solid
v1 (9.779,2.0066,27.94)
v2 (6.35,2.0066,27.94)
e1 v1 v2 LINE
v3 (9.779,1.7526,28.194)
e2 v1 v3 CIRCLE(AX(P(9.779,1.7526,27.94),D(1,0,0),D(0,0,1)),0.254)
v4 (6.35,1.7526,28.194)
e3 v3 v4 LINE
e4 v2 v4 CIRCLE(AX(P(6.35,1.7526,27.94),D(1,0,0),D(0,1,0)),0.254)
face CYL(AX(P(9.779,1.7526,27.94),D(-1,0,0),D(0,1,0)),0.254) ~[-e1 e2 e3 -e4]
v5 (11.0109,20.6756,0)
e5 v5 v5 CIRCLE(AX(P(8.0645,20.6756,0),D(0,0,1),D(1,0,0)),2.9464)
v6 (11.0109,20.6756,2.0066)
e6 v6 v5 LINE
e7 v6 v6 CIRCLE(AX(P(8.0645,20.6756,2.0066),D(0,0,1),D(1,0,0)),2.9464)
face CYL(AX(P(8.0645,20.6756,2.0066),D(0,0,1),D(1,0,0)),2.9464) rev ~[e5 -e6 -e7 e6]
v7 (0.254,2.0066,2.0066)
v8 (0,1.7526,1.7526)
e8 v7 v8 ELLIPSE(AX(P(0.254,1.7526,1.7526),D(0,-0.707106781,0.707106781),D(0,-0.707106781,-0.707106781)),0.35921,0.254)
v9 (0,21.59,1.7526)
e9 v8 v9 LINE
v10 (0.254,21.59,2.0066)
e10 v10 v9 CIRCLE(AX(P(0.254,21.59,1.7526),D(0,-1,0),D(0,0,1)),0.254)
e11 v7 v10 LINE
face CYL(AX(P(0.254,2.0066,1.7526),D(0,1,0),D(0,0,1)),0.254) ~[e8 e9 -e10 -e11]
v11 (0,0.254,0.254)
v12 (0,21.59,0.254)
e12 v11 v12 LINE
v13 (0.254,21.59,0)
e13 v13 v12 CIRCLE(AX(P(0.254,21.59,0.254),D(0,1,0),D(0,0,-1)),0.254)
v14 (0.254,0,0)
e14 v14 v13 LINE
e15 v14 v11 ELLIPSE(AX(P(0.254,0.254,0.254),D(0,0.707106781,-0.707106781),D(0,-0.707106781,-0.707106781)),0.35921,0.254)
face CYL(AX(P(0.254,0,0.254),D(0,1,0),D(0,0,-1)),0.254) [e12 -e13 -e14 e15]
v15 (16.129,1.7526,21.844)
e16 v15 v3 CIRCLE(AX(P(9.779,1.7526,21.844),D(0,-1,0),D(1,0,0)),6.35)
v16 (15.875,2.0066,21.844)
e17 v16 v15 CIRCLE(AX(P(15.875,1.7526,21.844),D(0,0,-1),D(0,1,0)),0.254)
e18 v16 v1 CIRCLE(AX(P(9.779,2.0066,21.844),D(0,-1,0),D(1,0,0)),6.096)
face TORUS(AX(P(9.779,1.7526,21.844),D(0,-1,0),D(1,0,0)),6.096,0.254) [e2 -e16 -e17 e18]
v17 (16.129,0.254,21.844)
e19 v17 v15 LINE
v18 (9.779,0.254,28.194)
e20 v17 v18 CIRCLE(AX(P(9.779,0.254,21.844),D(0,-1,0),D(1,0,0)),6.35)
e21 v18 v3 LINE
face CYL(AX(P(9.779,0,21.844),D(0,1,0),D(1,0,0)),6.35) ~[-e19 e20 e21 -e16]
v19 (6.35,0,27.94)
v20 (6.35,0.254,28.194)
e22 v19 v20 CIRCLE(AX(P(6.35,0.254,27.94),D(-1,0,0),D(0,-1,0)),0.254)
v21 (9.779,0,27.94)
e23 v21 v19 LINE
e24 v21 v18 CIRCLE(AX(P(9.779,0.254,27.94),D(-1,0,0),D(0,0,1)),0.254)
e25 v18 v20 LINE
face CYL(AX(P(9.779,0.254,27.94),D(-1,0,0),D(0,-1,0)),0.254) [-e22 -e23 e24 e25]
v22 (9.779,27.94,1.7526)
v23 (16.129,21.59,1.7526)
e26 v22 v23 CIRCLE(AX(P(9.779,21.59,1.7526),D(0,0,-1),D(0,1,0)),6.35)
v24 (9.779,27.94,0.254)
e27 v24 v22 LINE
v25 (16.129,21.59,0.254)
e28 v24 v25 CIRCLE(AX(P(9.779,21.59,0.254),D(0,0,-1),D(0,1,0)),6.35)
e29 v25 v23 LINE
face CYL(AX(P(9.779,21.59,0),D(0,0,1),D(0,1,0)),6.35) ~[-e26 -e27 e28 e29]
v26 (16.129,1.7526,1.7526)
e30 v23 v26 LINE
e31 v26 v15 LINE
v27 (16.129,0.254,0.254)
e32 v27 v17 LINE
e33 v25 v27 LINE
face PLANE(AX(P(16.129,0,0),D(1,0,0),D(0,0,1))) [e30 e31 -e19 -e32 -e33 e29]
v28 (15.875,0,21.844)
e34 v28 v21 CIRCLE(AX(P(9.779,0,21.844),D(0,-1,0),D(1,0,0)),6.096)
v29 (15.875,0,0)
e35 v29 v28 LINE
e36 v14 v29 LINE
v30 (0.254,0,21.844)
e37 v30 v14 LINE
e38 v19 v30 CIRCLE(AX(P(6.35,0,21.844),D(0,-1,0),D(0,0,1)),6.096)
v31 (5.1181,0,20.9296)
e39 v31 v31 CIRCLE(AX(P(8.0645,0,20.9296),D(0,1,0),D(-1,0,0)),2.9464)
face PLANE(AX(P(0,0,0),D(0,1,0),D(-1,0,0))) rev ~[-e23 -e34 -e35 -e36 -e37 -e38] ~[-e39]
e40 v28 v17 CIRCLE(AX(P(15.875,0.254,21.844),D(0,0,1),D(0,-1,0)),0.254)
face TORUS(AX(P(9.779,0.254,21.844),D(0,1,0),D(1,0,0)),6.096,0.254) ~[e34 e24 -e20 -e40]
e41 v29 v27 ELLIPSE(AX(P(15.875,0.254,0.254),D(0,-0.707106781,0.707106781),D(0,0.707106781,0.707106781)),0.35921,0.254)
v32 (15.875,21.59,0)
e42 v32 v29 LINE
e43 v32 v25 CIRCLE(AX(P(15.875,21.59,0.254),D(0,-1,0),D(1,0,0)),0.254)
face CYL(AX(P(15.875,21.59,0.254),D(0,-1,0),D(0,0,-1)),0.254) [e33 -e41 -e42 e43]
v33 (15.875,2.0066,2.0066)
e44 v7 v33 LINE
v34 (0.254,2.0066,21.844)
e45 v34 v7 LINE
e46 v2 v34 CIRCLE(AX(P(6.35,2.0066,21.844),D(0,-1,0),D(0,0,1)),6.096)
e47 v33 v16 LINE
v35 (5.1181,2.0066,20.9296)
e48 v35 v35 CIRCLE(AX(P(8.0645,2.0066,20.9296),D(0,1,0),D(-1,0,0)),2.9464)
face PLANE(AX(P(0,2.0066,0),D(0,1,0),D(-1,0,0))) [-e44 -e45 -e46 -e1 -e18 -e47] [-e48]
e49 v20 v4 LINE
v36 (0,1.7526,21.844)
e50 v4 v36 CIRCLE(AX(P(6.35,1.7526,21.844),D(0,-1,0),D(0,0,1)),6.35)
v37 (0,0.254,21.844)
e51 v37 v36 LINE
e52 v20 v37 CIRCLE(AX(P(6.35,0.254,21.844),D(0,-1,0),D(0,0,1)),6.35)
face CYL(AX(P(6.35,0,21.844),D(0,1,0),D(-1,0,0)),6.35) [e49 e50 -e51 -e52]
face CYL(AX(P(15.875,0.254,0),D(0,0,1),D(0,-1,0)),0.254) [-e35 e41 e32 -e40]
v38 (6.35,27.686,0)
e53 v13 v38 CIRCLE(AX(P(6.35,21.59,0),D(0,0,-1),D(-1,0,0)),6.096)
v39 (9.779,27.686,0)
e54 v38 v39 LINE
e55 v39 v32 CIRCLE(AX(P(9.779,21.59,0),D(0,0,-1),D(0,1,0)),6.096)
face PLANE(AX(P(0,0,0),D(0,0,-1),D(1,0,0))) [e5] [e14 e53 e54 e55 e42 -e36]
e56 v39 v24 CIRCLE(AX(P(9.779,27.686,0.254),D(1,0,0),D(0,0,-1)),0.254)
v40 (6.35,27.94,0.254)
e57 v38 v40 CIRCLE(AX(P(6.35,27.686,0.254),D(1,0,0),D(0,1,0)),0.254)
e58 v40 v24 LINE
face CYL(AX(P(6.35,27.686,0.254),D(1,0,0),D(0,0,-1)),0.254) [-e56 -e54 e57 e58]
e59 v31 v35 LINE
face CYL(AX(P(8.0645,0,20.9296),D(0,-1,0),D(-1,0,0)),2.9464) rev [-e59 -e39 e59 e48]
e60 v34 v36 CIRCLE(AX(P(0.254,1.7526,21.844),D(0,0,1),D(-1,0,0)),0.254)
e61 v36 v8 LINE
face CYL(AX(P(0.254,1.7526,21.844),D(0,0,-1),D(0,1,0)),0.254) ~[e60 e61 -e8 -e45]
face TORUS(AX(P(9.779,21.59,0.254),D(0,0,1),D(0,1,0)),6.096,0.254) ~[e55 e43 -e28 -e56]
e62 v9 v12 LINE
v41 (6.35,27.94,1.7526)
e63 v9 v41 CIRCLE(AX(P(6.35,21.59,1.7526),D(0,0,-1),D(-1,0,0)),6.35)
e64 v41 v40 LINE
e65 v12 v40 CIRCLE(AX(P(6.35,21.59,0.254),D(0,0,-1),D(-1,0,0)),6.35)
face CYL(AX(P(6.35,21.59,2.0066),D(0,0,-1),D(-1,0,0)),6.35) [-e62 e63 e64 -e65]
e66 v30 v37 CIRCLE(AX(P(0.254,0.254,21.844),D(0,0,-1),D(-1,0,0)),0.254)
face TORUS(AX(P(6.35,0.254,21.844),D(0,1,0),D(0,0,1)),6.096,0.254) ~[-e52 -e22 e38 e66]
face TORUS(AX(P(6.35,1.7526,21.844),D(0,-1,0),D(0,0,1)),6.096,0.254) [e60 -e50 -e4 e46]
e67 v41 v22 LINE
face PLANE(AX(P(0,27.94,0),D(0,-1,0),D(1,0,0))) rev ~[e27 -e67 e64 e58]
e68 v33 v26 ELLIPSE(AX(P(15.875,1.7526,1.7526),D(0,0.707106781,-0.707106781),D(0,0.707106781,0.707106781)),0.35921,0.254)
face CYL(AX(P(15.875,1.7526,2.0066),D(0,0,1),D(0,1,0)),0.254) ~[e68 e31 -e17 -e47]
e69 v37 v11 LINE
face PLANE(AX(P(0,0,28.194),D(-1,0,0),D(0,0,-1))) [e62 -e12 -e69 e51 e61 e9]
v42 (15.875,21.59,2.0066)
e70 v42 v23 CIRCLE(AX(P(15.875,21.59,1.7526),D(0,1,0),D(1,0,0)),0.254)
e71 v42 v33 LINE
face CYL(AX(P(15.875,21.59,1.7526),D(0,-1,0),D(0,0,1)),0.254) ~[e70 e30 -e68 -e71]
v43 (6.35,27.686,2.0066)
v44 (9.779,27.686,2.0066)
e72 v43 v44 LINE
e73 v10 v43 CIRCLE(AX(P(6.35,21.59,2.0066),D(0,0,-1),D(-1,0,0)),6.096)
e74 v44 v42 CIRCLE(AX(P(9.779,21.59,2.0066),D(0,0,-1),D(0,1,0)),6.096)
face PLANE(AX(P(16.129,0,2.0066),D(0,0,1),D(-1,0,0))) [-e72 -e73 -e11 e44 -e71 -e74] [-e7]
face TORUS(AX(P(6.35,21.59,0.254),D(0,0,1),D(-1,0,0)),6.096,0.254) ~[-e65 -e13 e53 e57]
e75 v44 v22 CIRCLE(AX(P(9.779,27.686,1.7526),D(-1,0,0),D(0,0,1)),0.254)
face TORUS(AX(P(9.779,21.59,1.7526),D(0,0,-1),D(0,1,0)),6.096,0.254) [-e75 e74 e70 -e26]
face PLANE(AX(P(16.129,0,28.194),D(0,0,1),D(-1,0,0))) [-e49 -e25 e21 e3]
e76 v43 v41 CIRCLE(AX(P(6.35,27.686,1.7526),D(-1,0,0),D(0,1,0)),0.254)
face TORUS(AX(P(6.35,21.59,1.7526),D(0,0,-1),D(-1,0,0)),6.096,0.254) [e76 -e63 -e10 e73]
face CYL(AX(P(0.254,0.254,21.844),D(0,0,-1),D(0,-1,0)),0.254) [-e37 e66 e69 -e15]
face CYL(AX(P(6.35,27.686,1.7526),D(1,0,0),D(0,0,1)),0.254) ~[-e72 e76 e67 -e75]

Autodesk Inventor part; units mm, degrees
ref_plane "YZ Plane" through (0, 0, 0) normal (1, 0, 0) x (0, 1, 0)
ref_plane "XZ Plane" through (0, 0, 0) normal (0, 1, 0) x (-1, 0, 0)
ref_plane "XY Plane" through (0, 0, 0) normal (0, 0, 1) x (1, 0, 0)
sketch "Sketch1" plane through (0, 0, 0) normal (0, 1, 0) x (-1, 0, 0)
  point P0 (0, 0)
sketch "Sketch2" plane through (0, 0, 0) normal (0, 1, 0) x (-1, 0, 0)
  line L0 (0, 0) -> (-16.129, 0)
  line L1 (-16.129, 0) -> (-16.129, 28.194)
  line L2 (-16.129, 28.194) -> (0, 28.194)
  line L3 (0, 28.194) -> (0, 0)
  circle A0 centre (-8.0645, 20.9296) radius 2.9464
  point P0 (-8.0645, 28.194)
  dimension "d0" = 16.129
  dimension "d1" = 28.194
  dimension "d3" = 5.8928
  dimension "d4" = 7.2644
extrude "Extrusion1" add sketch "Sketch2" along normal blind 2.0066
sketch "Sketch3" plane through (0, 0, 0) normal (0, -1, 0) x (1, 0, 0)
  line L0 (16.129, 0) -> (0, 0) projected
  line L1 (0, 0) -> (16.129, 0)
  line L2 (16.129, 0) -> (16.129, 2.0066)
  line L3 (16.129, 2.0066) -> (0, 2.0066)
  line L4 (0, 2.0066) -> (0, 0)
  point P0 (8.0645, 2.0066)
  dimension "d7" = 2.0066
extrude "Extrusion2" add sketch "Sketch3" against normal blind 27.94
fillet "Fillet1" radius 6.35 2 edges at (16.129, 1.0033, 28.194) (0, 1.0033, 28.194)
sketch "Sketch4" plane through (0, 2.0066, 2.0066) normal (0, 0, 1) x (1, 0, 0)
  circle A0 centre (8.0645, 18.669) radius 2.9464
  line L0 (0, 25.9334) -> (16.129, 25.9334) projected
  point P0 (0, -2.0066)
  point P1 (8.0645, 25.9334)
  dimension "d11" = 5.8928
  dimension "d12" = 7.2644
fillet "Fillet2" radius 6.35 2 edges at (0, 27.94, 1.0033) (16.129, 27.94, 1.0033)
extrude "Extrusion3" cut sketch "Sketch4" against normal blind 2.0066
fillet "Fillet3" radius 0.254 20 edges at (14.2691, 2.0066, 26.3341) (8.0645, 2.0066, 28.194) (1.8599, 2.0066, 26.3341) (0, 2.0066, 11.9253) (16.129, 2.0066, 11.9253) (14.2691, 0, 26.3341) (8.0645, 0, 28.194) (1.8599, 0, 26.3341) (0, 0, 10.922) (16.129, 0, 10.922) (14.2691, 26.0801, 2.0066) (8.0645, 27.94, 2.0066) (1.8599, 26.0801, 2.0066) (0, 11.7983, 2.0066) (16.129, 11.7983, 2.0066) (14.2691, 26.0801, 0) (8.0645, 27.94, 0) (1.8599, 26.0801, 0) (0, 10.795, 0) (16.129, 10.795, 0)
properties part number "Right Angle"
